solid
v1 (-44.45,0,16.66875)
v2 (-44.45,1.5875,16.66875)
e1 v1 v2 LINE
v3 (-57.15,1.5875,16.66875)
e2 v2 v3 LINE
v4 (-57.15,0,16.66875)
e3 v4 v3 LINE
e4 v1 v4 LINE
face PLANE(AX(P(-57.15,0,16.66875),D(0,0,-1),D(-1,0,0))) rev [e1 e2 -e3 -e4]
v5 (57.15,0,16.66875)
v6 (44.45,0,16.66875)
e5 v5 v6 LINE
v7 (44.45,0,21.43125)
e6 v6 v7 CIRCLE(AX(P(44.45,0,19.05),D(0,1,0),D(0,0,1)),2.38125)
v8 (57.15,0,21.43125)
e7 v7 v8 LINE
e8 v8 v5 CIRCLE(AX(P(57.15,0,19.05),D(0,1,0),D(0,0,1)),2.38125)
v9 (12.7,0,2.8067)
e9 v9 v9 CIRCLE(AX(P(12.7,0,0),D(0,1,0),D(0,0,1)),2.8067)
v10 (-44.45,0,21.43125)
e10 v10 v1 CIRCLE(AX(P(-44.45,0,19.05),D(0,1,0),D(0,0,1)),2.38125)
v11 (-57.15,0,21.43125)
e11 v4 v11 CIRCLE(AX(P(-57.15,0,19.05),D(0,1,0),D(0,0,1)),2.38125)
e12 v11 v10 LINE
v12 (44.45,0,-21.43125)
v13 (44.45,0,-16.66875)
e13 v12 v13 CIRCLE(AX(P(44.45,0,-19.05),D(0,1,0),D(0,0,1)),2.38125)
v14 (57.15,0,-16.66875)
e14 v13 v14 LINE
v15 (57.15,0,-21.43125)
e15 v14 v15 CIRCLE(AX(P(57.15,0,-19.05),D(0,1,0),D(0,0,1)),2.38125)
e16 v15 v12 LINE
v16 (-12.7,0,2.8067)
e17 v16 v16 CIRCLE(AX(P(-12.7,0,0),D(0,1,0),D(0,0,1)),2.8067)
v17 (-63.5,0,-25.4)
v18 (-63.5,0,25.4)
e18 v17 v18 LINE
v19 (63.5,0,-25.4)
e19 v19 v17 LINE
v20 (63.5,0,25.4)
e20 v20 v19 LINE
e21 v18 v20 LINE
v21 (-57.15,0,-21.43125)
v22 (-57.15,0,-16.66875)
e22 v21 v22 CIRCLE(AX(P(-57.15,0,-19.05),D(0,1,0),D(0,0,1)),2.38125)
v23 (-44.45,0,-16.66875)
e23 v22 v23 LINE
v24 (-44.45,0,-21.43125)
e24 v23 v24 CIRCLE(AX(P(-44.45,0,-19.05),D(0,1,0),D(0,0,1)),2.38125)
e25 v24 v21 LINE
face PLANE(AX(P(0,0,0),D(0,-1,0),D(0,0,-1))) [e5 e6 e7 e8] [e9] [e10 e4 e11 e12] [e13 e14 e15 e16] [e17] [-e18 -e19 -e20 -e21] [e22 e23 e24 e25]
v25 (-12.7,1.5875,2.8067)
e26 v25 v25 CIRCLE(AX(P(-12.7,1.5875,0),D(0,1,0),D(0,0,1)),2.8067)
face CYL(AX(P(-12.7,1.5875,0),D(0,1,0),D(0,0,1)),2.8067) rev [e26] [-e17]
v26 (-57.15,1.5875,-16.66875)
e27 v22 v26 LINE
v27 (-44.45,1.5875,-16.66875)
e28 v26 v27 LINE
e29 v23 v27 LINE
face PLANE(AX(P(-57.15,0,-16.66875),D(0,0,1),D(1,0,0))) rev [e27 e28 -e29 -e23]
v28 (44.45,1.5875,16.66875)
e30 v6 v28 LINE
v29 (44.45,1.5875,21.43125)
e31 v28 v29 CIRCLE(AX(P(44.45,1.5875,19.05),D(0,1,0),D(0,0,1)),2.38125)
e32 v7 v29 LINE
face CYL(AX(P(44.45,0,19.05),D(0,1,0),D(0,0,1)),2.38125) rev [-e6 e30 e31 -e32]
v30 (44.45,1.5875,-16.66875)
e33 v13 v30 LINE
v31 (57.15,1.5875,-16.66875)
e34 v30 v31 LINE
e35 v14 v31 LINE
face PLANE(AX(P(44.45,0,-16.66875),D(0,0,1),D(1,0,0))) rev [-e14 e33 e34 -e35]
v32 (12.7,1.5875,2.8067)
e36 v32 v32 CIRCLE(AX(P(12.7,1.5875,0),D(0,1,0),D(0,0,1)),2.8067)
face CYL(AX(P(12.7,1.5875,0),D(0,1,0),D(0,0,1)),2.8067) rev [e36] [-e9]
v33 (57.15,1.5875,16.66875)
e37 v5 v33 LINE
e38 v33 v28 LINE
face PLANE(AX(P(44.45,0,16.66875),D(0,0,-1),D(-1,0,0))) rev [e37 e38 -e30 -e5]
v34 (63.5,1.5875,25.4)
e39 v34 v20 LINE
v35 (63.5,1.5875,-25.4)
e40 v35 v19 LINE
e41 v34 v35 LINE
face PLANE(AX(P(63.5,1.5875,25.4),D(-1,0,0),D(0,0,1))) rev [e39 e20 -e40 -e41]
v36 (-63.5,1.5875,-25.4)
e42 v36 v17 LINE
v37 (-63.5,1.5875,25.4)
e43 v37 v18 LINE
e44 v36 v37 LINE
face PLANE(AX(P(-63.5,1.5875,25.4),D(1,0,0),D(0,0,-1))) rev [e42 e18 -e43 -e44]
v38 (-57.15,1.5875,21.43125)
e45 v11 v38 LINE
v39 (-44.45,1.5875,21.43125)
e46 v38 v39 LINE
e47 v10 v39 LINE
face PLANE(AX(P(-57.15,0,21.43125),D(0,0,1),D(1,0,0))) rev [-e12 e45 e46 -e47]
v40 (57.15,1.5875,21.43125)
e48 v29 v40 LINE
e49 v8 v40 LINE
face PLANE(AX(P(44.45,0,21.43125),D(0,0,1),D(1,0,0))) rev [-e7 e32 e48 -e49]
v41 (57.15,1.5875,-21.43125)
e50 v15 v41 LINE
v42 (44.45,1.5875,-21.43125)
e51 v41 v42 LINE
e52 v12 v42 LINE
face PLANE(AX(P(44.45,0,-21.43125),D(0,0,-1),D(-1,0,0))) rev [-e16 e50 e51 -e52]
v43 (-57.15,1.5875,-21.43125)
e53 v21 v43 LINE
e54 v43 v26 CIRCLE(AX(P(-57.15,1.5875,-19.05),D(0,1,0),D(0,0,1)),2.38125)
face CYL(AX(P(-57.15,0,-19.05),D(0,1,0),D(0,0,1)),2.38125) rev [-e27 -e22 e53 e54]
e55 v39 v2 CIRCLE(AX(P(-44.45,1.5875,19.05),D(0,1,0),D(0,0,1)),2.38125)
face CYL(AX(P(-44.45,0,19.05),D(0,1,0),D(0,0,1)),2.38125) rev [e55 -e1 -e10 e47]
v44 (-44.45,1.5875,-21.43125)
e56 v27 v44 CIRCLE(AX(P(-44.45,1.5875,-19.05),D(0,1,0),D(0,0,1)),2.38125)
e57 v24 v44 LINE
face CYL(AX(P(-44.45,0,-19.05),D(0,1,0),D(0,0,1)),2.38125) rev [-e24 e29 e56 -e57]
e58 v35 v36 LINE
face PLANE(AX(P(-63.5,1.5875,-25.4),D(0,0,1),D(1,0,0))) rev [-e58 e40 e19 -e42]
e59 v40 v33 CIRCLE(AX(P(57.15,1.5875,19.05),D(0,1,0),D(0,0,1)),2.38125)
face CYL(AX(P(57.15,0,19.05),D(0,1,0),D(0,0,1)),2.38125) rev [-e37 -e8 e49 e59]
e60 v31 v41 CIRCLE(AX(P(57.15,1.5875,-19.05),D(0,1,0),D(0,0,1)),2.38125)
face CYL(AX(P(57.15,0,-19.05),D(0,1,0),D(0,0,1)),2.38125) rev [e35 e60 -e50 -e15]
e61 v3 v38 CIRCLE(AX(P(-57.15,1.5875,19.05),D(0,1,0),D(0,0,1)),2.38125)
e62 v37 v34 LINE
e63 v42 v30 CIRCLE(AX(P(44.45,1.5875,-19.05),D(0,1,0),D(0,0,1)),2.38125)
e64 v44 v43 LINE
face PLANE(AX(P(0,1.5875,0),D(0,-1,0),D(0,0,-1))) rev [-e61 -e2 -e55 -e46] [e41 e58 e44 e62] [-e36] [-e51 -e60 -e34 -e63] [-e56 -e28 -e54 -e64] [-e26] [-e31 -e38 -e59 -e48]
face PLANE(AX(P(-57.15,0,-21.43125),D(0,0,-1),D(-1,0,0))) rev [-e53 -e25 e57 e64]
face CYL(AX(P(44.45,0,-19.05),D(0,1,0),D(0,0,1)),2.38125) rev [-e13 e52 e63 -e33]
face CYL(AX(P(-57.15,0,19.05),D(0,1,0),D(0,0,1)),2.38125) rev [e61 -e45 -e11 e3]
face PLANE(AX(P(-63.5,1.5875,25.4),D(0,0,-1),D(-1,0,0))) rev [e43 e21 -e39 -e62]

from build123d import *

# Parameters (mm, degrees)
SKETCH1_W              = 127
SKETCH1_H              = 50.8
BOSS_EXTRUDE1_DEPTH    = 1.5875
SKETCH2_R              = 1.27
CUT_EXTRUDE1_DEPTH     = 69.410015029
F_10_CLEARANCE_HOLE1_D = 5.6134


with BuildPart() as part:
    # Sketch1 → Boss-Extrude1 (new body)
    with BuildSketch(Plane(origin=(0, 0, 0), x_dir=(1, 0, 0), z_dir=(0, 1, 0))):
        Rectangle(SKETCH1_W, SKETCH1_H)
    extrude(amount=BOSS_EXTRUDE1_DEPTH)

    # Sketch2 → Cut-Extrude1 (cut, through all)
    with BuildSketch(Plane(origin=(0, 1.5875, 0), x_dir=(1, 0, 0), z_dir=(0, 1, 0))):
        with Locations(Location((-12.7, 0, 0), (0, 0, 270))):
            Circle(SKETCH2_R)
        with Locations(Location((12.7, 0, 0), (0, 0, 270))):
            Circle(SKETCH2_R)
        with BuildLine():
            Line((-57.15, 16.66875), (-44.45, 16.66875))
            ThreePointArc((-44.45, 16.66875), (-42.06875, 19.05), (-44.45, 21.43125))
            Line((-44.45, 21.43125), (-57.15, 21.43125))
            ThreePointArc((-57.15, 21.43125), (-59.53125, 19.05), (-57.15, 16.66875))
        make_face()
        with BuildLine():
            Line((-57.15, -21.43125), (-44.45, -21.43125))
            ThreePointArc((-44.45, -21.43125), (-42.06875, -19.05), (-44.45, -16.66875))
            Line((-44.45, -16.66875), (-57.15, -16.66875))
            ThreePointArc((-57.15, -16.66875), (-59.53125, -19.05), (-57.15, -21.43125))
        make_face()
        with BuildLine():
            Line((44.45, 16.66875), (57.15, 16.66875))
            ThreePointArc((57.15, 16.66875), (59.53125, 19.05), (57.15, 21.43125))
            Line((57.15, 21.43125), (44.45, 21.43125))
            ThreePointArc((44.45, 21.43125), (42.06875, 19.05), (44.45, 16.66875))
        make_face()
        with BuildLine():
            Line((44.45, -21.43125), (57.15, -21.43125))
            ThreePointArc((57.15, -21.43125), (59.53125, -19.05), (57.15, -16.66875))
            Line((57.15, -16.66875), (44.45, -16.66875))
            ThreePointArc((44.45, -16.66875), (42.06875, -19.05), (44.45, -21.43125))
        make_face()
    extrude(amount=-CUT_EXTRUDE1_DEPTH, mode=Mode.SUBTRACT)

    # #10 Clearance Hole1 (through all)
    with Locations(Plane(origin=(0, 1.5875, 0), x_dir=(1, 0, 0), z_dir=(0, 1, 0))):
        with Locations((-12.7, 0), (12.7, 0)):
            Hole(F_10_CLEARANCE_HOLE1_D / 2)


solid = part.part
